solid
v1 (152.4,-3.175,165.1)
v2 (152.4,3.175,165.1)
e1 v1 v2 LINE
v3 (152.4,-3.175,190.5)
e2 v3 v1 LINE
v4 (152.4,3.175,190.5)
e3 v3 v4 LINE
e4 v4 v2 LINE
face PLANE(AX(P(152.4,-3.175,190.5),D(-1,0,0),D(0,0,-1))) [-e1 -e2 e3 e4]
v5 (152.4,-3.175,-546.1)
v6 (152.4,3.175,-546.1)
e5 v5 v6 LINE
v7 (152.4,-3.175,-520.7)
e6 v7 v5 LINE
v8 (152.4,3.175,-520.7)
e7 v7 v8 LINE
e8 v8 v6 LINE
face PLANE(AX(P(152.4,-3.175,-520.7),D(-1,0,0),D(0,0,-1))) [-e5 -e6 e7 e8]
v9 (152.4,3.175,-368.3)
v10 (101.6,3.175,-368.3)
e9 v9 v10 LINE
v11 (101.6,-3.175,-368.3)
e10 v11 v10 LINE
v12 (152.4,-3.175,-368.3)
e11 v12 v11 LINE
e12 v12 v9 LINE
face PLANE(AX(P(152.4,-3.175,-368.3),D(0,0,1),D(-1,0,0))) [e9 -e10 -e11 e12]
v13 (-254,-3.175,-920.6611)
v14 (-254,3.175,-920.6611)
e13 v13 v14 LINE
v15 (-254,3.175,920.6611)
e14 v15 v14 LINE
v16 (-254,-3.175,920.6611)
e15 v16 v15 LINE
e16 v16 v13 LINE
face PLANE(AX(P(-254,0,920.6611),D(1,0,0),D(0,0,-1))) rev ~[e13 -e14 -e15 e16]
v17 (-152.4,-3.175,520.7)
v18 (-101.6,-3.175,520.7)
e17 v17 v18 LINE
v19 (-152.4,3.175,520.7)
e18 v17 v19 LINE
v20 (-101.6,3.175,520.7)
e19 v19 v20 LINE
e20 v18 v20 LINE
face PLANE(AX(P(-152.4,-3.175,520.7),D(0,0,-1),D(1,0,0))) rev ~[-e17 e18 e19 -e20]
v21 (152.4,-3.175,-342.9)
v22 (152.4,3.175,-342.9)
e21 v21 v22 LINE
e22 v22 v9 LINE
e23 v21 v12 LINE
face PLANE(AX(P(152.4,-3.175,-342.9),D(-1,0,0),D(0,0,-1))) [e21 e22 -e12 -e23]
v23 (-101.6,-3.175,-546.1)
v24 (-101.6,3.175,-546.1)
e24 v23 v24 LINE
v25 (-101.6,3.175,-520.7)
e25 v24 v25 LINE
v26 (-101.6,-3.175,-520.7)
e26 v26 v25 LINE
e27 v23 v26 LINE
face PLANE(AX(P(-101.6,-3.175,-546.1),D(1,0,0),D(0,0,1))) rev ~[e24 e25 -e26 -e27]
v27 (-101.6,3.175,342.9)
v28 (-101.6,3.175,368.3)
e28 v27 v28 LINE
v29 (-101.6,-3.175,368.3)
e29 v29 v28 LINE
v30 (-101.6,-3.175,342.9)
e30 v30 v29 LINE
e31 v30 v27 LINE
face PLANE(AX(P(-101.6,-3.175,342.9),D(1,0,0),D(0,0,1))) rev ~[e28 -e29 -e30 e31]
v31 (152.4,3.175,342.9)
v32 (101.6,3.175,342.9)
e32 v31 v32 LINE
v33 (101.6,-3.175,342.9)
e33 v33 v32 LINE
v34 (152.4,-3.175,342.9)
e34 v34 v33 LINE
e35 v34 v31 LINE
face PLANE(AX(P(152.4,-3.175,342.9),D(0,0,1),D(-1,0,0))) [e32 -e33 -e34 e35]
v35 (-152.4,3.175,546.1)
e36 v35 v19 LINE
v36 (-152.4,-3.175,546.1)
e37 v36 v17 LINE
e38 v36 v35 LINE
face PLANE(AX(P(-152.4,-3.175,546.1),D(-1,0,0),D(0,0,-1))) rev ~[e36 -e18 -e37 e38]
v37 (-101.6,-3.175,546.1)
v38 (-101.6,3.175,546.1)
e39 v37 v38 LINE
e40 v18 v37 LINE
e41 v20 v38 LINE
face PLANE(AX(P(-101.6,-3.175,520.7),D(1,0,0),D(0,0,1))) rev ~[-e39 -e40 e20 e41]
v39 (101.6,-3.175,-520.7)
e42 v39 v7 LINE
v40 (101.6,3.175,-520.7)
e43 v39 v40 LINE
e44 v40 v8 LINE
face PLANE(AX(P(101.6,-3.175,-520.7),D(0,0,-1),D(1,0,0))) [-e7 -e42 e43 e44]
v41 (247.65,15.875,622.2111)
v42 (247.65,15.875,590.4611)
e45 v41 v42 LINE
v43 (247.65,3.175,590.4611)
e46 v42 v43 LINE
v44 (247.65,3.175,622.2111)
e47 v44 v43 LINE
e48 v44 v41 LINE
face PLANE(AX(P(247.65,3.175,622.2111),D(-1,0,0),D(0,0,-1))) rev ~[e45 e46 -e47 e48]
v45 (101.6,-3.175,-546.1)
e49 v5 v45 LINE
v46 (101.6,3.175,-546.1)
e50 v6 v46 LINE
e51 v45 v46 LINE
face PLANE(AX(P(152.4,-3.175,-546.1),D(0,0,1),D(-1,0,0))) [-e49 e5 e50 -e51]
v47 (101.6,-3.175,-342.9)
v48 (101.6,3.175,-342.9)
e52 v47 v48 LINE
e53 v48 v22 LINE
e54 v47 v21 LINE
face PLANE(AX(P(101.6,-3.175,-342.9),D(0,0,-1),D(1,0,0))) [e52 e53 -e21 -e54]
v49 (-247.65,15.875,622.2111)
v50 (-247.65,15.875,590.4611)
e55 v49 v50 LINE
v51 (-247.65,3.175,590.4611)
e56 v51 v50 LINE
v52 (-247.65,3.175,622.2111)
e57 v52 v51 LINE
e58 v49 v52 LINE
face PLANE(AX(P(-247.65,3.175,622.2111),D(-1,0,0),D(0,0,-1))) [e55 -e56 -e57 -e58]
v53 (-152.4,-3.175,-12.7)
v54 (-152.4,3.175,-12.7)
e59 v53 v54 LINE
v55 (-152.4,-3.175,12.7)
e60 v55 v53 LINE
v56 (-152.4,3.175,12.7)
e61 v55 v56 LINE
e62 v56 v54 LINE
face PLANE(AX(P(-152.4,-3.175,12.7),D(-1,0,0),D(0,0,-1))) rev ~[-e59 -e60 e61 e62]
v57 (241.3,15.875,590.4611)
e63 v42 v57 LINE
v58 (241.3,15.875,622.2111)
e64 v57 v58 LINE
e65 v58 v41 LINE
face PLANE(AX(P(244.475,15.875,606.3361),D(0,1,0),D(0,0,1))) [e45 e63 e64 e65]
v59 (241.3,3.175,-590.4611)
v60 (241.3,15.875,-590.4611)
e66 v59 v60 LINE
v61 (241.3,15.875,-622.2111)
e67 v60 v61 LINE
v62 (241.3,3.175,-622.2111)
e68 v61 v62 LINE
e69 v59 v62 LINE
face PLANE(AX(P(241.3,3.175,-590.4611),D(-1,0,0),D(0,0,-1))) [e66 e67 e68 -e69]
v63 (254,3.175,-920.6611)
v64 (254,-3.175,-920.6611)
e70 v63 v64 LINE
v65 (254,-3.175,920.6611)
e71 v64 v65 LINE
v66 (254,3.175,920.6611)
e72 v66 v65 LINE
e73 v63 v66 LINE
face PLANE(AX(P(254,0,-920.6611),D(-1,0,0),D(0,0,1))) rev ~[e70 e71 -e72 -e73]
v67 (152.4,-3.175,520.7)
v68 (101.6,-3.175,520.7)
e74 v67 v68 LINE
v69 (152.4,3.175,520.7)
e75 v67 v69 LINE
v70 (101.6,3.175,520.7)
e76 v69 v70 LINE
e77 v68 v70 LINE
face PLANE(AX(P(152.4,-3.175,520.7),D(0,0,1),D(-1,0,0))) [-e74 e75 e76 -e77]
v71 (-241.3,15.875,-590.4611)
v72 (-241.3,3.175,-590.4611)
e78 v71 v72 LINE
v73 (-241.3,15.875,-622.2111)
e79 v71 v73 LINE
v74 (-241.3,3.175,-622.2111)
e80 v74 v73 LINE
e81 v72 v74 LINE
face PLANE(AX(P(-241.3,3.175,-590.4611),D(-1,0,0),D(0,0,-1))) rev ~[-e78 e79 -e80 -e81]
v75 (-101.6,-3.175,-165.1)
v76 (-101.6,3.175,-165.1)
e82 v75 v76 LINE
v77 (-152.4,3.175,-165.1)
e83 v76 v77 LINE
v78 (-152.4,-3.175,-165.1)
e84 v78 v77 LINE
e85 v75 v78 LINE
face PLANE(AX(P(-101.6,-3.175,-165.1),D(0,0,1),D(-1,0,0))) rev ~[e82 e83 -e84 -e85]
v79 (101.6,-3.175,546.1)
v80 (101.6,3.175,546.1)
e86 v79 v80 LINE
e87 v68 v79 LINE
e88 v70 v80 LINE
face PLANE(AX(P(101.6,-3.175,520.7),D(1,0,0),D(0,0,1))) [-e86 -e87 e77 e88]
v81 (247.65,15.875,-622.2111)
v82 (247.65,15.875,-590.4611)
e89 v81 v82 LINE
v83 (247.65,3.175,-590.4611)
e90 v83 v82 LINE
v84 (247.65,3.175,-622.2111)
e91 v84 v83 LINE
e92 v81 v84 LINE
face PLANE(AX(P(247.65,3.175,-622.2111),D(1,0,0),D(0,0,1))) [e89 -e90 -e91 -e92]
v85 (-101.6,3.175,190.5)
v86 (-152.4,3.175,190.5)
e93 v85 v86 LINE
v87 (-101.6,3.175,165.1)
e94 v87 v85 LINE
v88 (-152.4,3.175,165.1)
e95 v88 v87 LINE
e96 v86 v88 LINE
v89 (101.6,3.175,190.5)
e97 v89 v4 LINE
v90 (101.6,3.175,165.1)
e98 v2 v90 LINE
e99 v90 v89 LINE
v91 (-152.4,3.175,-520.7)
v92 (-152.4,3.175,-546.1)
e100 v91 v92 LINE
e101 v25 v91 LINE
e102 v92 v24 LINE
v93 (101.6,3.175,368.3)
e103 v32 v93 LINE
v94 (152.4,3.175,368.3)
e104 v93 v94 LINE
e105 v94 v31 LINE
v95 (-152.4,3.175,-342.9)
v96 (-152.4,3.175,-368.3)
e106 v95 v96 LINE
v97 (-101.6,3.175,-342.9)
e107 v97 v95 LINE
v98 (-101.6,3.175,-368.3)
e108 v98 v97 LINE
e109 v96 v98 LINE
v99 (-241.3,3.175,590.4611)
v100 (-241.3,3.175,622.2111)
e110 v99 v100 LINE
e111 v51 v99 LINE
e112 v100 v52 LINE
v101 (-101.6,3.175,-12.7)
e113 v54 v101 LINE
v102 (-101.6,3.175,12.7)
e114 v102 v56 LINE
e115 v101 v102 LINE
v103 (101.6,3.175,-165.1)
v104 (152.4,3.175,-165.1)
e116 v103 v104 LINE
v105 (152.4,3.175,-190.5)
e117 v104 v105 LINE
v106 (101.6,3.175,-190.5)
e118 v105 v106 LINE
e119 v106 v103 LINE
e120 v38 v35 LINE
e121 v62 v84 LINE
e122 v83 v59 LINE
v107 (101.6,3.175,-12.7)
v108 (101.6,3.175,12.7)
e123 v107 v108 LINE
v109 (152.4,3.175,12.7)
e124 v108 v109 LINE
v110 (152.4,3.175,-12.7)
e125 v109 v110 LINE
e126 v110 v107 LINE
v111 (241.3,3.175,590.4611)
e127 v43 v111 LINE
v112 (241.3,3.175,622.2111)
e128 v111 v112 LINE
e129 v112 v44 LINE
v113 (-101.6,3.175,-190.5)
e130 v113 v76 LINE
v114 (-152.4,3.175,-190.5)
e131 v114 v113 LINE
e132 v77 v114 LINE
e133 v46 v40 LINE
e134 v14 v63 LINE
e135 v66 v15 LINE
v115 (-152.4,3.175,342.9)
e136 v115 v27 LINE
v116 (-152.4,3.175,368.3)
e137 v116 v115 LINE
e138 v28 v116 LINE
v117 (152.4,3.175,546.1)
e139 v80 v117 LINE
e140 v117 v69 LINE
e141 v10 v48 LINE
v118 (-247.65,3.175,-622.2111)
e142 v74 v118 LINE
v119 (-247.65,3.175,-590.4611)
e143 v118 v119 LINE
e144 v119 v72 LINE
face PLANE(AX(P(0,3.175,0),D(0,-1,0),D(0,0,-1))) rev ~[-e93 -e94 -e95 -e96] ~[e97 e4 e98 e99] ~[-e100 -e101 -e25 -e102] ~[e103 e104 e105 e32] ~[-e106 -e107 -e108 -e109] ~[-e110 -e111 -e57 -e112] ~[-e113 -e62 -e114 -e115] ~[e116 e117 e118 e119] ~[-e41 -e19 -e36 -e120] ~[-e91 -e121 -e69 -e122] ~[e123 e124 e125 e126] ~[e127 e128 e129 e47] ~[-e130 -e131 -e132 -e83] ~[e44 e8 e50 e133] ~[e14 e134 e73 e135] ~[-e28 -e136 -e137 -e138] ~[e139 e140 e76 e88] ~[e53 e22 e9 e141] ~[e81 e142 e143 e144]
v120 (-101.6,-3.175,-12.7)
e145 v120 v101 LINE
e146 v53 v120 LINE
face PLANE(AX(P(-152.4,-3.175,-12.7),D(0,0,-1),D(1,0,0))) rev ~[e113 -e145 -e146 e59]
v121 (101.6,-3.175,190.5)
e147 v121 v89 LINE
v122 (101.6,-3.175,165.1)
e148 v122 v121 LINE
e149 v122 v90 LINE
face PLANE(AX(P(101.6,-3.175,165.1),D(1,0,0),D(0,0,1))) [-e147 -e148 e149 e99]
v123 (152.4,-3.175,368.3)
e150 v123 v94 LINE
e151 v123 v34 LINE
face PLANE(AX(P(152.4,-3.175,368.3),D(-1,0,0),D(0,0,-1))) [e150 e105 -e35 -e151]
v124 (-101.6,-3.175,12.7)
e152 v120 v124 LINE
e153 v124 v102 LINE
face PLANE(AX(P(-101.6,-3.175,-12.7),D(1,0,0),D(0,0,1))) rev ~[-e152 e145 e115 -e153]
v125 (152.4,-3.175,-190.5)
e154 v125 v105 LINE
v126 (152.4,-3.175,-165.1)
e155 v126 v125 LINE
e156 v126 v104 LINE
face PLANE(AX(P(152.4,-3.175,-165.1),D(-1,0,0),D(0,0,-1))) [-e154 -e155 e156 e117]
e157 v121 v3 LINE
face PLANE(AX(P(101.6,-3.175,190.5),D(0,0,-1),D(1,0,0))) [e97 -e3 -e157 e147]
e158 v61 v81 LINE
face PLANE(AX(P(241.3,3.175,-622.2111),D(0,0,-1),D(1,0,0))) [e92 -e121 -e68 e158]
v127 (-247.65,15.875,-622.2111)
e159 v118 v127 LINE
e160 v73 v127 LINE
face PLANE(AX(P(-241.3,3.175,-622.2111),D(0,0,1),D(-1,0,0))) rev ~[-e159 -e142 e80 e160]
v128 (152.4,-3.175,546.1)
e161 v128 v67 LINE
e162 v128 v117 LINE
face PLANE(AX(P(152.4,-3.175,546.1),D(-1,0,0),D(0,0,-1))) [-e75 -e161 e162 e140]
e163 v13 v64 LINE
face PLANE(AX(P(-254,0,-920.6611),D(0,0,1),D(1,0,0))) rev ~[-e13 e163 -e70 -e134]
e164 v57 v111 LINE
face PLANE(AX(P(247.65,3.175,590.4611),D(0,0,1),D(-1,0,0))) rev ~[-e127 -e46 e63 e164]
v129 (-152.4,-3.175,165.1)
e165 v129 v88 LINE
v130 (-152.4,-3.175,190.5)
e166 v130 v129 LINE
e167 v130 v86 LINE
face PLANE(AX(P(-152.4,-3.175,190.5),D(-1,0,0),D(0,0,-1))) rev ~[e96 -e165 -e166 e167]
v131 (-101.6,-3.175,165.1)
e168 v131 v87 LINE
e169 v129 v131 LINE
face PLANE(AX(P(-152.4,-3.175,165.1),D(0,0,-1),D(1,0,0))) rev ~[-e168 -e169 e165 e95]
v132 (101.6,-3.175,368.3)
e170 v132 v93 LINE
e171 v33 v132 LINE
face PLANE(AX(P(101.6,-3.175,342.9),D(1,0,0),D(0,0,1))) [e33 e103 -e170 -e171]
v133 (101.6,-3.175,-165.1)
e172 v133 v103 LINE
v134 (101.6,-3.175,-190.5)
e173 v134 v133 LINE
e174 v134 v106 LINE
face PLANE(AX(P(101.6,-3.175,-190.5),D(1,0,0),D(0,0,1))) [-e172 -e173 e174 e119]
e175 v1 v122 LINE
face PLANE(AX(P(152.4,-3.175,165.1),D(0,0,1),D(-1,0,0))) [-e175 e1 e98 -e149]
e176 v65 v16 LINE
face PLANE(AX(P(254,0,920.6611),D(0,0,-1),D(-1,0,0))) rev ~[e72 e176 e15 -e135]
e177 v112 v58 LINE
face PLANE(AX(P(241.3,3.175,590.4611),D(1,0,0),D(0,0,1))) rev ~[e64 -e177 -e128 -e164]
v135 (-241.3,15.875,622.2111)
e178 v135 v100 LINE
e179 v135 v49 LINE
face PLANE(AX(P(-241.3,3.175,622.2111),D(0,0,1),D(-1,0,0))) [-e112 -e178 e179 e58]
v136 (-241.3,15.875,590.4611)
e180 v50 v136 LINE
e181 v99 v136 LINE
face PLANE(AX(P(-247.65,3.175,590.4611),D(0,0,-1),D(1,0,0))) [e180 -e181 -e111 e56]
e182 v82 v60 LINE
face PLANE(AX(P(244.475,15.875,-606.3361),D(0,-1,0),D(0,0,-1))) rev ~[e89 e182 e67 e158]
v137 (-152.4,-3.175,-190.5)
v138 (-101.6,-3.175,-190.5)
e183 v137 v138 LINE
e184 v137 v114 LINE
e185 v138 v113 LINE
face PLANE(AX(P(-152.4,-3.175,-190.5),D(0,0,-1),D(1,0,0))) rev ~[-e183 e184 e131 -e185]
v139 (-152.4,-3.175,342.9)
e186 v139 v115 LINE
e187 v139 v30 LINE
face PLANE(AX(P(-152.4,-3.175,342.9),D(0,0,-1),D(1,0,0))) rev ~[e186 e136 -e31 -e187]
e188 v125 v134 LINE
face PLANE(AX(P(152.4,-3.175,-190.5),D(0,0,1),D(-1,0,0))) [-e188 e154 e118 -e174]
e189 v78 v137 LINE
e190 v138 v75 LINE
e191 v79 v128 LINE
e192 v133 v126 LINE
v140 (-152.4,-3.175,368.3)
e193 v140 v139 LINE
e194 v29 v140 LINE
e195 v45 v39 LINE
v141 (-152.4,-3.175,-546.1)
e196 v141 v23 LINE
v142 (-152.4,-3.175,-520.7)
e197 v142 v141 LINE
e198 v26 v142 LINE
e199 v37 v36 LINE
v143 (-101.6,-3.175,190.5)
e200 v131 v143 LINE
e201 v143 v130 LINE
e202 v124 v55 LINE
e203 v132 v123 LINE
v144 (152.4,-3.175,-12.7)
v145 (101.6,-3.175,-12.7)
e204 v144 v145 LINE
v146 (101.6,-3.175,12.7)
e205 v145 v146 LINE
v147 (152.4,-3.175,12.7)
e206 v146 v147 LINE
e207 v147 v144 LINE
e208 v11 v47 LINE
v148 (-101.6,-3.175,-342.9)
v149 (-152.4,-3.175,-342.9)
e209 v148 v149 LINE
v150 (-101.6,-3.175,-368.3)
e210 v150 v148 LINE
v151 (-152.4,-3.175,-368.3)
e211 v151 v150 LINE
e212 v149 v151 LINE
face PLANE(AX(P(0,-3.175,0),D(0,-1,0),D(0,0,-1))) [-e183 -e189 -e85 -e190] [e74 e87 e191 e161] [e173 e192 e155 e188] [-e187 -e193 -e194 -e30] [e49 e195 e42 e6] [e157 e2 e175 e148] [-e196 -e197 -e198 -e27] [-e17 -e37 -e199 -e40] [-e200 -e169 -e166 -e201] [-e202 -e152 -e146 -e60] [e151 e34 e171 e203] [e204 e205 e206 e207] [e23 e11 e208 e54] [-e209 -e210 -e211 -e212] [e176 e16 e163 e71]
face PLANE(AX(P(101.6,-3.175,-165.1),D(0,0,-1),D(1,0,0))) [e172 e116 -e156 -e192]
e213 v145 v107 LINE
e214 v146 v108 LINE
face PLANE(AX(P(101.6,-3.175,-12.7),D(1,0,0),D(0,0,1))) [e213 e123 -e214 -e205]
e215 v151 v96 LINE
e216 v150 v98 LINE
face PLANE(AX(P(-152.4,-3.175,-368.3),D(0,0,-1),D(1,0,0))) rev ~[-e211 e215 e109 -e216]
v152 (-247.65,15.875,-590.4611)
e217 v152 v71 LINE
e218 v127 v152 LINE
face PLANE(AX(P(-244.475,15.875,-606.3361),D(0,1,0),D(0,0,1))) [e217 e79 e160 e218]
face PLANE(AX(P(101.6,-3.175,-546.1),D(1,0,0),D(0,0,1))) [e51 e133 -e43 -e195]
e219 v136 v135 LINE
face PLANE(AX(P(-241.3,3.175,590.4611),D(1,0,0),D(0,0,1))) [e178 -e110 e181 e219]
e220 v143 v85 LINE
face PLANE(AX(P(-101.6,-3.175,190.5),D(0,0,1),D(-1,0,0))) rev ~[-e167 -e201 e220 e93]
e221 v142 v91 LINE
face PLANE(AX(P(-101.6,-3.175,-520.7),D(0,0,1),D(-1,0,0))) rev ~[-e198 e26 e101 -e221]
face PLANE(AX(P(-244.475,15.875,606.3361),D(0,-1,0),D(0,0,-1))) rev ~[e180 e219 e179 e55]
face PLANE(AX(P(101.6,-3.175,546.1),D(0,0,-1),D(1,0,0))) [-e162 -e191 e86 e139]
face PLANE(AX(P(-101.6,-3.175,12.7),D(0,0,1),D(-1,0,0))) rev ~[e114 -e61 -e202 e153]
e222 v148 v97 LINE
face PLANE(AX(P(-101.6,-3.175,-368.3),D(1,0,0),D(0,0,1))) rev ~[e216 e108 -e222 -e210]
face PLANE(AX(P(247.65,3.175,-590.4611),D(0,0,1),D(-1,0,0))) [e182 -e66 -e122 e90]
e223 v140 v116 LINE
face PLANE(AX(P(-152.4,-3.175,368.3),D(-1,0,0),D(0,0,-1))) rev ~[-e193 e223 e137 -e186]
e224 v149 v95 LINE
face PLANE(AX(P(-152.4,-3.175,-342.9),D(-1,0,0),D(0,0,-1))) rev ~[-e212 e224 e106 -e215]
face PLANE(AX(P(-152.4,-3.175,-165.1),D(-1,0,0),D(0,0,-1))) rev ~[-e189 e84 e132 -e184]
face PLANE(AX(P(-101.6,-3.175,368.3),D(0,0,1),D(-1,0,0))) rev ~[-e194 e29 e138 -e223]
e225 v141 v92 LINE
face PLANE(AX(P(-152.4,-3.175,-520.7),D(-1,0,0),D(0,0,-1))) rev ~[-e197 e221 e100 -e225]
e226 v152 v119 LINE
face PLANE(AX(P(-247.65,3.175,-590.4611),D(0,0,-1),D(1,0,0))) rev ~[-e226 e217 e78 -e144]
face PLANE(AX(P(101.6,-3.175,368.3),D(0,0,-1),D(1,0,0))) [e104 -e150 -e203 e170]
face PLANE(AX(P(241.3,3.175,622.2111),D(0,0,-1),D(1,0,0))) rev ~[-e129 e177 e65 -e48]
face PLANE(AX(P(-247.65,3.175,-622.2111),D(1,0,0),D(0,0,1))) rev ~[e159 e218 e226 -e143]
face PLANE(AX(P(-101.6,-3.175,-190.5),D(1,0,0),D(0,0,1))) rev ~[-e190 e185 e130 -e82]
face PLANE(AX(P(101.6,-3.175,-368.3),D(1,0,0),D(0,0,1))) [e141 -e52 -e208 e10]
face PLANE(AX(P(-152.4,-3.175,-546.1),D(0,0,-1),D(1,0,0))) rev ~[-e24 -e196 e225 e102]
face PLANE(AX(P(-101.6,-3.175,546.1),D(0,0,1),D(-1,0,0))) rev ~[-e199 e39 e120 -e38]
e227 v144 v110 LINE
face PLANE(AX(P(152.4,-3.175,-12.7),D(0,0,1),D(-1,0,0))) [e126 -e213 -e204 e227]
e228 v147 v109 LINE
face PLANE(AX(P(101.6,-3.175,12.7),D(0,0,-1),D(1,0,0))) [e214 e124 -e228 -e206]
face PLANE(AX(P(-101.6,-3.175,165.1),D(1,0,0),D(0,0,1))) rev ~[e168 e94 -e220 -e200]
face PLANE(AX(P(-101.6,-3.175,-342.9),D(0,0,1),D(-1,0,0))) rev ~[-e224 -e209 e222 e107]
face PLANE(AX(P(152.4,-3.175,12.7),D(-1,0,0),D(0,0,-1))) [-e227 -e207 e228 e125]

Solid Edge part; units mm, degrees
sketch "Sketch1" plane through (0, 0, 0) normal (0, -1, 0) x (1, 0, 0)
  line L0 (-254, -920.6611) -> (254, -920.6611)
  line L1 (254, -920.6611) -> (254, 920.6611)
  line L2 (254, 920.6611) -> (-254, 920.6611)
  line L3 (-254, 920.6611) -> (-254, -920.6611)
extrude "Protrusion1" add sketch "Sketch1" along normal mid plane 6.35
sketch "Sketch2" plane through (0, 3.175, 0) normal (0, 1, 0) x (-1, 0, 0)
  line L0 (-241.3, 590.4611) -> (-241.3, 622.2111)
  line L1 (-241.3, 622.2111) -> (-247.65, 622.2111)
  line L2 (-247.65, 622.2111) -> (-247.65, 590.4611)
  line L3 (-247.65, 590.4611) -> (-241.3, 590.4611)
  line L4 (241.3, 590.4611) -> (241.3, 622.2111)
  line L5 (241.3, 622.2111) -> (247.65, 622.2111)
  line L6 (247.65, 622.2111) -> (247.65, 590.4611)
  line L7 (247.65, 590.4611) -> (241.3, 590.4611)
  line L8 (-241.3, -590.4611) -> (-241.3, -622.2111)
  line L9 (-241.3, -622.2111) -> (-247.65, -622.2111)
  line L10 (-247.65, -622.2111) -> (-247.65, -590.4611)
  line L11 (-247.65, -590.4611) -> (-241.3, -590.4611)
  line L12 (241.3, -590.4611) -> (241.3, -622.2111)
  line L13 (241.3, -622.2111) -> (247.65, -622.2111)
  line L14 (247.65, -622.2111) -> (247.65, -590.4611)
  line L15 (247.65, -590.4611) -> (241.3, -590.4611)
extrude "ExtrudedProtrusion_2" add sketch "Sketch2" along normal blind 12.7 and the other way blind 0.254
sketch "Sketch3" plane through (0, -3.175, 0) normal (0, -1, 0) x (1, 0, 0)
  line L0 (-152.4, -12.7) -> (-101.6, -12.7)
  line L1 (-101.6, -12.7) -> (-101.6, 12.7)
  line L2 (-101.6, 12.7) -> (-152.4, 12.7)
  line L3 (-152.4, 12.7) -> (-152.4, -12.7)
  line L4 (-152.4, -190.5) -> (-101.6, -190.5)
  line L5 (-101.6, -190.5) -> (-101.6, -165.1)
  line L6 (-101.6, -165.1) -> (-152.4, -165.1)
  line L7 (-152.4, -165.1) -> (-152.4, -190.5)
  line L8 (-152.4, -368.3) -> (-101.6, -368.3)
  line L9 (-101.6, -368.3) -> (-101.6, -342.9)
  line L10 (-101.6, -342.9) -> (-152.4, -342.9)
  line L11 (-152.4, -342.9) -> (-152.4, -368.3)
  line L12 (-152.4, -546.1) -> (-101.6, -546.1)
  line L13 (-101.6, -546.1) -> (-101.6, -520.7)
  line L14 (-101.6, -520.7) -> (-152.4, -520.7)
  line L15 (-152.4, -520.7) -> (-152.4, -546.1)
  line L16 (-152.4, 165.1) -> (-101.6, 165.1)
  line L17 (-101.6, 165.1) -> (-101.6, 190.5)
  line L18 (-101.6, 190.5) -> (-152.4, 190.5)
  line L19 (-152.4, 190.5) -> (-152.4, 165.1)
  line L20 (-152.4, 342.9) -> (-101.6, 342.9)
  line L21 (-101.6, 342.9) -> (-101.6, 368.3)
  line L22 (-101.6, 368.3) -> (-152.4, 368.3)
  line L23 (-152.4, 368.3) -> (-152.4, 342.9)
  line L24 (-152.4, 520.7) -> (-101.6, 520.7)
  line L25 (-101.6, 520.7) -> (-101.6, 546.1)
  line L26 (-101.6, 546.1) -> (-152.4, 546.1)
  line L27 (-152.4, 546.1) -> (-152.4, 520.7)
  line L28 (152.4, -12.7) -> (101.6, -12.7)
  line L29 (101.6, -12.7) -> (101.6, 12.7)
  line L30 (101.6, 12.7) -> (152.4, 12.7)
  line L31 (152.4, 12.7) -> (152.4, -12.7)
  line L32 (152.4, -190.5) -> (101.6, -190.5)
  line L33 (101.6, -190.5) -> (101.6, -165.1)
  line L34 (101.6, -165.1) -> (152.4, -165.1)
  line L35 (152.4, -165.1) -> (152.4, -190.5)
  line L36 (152.4, -368.3) -> (101.6, -368.3)
  line L37 (101.6, -368.3) -> (101.6, -342.9)
  line L38 (101.6, -342.9) -> (152.4, -342.9)
  line L39 (152.4, -342.9) -> (152.4, -368.3)
  line L40 (152.4, -546.1) -> (101.6, -546.1)
  line L41 (101.6, -546.1) -> (101.6, -520.7)
  line L42 (101.6, -520.7) -> (152.4, -520.7)
  line L43 (152.4, -520.7) -> (152.4, -546.1)
  line L44 (152.4, 165.1) -> (101.6, 165.1)
  line L45 (101.6, 165.1) -> (101.6, 190.5)
  line L46 (101.6, 190.5) -> (152.4, 190.5)
  line L47 (152.4, 190.5) -> (152.4, 165.1)
  line L48 (152.4, 342.9) -> (101.6, 342.9)
  line L49 (101.6, 342.9) -> (101.6, 368.3)
  line L50 (101.6, 368.3) -> (152.4, 368.3)
  line L51 (152.4, 368.3) -> (152.4, 342.9)
  line L52 (152.4, 520.7) -> (101.6, 520.7)
  line L53 (101.6, 520.7) -> (101.6, 546.1)
  line L54 (101.6, 546.1) -> (152.4, 546.1)
  line L55 (152.4, 546.1) -> (152.4, 520.7)
extrude "ExtrudedCutout_1" cut sketch "Sketch3" against normal blind 225.6874
